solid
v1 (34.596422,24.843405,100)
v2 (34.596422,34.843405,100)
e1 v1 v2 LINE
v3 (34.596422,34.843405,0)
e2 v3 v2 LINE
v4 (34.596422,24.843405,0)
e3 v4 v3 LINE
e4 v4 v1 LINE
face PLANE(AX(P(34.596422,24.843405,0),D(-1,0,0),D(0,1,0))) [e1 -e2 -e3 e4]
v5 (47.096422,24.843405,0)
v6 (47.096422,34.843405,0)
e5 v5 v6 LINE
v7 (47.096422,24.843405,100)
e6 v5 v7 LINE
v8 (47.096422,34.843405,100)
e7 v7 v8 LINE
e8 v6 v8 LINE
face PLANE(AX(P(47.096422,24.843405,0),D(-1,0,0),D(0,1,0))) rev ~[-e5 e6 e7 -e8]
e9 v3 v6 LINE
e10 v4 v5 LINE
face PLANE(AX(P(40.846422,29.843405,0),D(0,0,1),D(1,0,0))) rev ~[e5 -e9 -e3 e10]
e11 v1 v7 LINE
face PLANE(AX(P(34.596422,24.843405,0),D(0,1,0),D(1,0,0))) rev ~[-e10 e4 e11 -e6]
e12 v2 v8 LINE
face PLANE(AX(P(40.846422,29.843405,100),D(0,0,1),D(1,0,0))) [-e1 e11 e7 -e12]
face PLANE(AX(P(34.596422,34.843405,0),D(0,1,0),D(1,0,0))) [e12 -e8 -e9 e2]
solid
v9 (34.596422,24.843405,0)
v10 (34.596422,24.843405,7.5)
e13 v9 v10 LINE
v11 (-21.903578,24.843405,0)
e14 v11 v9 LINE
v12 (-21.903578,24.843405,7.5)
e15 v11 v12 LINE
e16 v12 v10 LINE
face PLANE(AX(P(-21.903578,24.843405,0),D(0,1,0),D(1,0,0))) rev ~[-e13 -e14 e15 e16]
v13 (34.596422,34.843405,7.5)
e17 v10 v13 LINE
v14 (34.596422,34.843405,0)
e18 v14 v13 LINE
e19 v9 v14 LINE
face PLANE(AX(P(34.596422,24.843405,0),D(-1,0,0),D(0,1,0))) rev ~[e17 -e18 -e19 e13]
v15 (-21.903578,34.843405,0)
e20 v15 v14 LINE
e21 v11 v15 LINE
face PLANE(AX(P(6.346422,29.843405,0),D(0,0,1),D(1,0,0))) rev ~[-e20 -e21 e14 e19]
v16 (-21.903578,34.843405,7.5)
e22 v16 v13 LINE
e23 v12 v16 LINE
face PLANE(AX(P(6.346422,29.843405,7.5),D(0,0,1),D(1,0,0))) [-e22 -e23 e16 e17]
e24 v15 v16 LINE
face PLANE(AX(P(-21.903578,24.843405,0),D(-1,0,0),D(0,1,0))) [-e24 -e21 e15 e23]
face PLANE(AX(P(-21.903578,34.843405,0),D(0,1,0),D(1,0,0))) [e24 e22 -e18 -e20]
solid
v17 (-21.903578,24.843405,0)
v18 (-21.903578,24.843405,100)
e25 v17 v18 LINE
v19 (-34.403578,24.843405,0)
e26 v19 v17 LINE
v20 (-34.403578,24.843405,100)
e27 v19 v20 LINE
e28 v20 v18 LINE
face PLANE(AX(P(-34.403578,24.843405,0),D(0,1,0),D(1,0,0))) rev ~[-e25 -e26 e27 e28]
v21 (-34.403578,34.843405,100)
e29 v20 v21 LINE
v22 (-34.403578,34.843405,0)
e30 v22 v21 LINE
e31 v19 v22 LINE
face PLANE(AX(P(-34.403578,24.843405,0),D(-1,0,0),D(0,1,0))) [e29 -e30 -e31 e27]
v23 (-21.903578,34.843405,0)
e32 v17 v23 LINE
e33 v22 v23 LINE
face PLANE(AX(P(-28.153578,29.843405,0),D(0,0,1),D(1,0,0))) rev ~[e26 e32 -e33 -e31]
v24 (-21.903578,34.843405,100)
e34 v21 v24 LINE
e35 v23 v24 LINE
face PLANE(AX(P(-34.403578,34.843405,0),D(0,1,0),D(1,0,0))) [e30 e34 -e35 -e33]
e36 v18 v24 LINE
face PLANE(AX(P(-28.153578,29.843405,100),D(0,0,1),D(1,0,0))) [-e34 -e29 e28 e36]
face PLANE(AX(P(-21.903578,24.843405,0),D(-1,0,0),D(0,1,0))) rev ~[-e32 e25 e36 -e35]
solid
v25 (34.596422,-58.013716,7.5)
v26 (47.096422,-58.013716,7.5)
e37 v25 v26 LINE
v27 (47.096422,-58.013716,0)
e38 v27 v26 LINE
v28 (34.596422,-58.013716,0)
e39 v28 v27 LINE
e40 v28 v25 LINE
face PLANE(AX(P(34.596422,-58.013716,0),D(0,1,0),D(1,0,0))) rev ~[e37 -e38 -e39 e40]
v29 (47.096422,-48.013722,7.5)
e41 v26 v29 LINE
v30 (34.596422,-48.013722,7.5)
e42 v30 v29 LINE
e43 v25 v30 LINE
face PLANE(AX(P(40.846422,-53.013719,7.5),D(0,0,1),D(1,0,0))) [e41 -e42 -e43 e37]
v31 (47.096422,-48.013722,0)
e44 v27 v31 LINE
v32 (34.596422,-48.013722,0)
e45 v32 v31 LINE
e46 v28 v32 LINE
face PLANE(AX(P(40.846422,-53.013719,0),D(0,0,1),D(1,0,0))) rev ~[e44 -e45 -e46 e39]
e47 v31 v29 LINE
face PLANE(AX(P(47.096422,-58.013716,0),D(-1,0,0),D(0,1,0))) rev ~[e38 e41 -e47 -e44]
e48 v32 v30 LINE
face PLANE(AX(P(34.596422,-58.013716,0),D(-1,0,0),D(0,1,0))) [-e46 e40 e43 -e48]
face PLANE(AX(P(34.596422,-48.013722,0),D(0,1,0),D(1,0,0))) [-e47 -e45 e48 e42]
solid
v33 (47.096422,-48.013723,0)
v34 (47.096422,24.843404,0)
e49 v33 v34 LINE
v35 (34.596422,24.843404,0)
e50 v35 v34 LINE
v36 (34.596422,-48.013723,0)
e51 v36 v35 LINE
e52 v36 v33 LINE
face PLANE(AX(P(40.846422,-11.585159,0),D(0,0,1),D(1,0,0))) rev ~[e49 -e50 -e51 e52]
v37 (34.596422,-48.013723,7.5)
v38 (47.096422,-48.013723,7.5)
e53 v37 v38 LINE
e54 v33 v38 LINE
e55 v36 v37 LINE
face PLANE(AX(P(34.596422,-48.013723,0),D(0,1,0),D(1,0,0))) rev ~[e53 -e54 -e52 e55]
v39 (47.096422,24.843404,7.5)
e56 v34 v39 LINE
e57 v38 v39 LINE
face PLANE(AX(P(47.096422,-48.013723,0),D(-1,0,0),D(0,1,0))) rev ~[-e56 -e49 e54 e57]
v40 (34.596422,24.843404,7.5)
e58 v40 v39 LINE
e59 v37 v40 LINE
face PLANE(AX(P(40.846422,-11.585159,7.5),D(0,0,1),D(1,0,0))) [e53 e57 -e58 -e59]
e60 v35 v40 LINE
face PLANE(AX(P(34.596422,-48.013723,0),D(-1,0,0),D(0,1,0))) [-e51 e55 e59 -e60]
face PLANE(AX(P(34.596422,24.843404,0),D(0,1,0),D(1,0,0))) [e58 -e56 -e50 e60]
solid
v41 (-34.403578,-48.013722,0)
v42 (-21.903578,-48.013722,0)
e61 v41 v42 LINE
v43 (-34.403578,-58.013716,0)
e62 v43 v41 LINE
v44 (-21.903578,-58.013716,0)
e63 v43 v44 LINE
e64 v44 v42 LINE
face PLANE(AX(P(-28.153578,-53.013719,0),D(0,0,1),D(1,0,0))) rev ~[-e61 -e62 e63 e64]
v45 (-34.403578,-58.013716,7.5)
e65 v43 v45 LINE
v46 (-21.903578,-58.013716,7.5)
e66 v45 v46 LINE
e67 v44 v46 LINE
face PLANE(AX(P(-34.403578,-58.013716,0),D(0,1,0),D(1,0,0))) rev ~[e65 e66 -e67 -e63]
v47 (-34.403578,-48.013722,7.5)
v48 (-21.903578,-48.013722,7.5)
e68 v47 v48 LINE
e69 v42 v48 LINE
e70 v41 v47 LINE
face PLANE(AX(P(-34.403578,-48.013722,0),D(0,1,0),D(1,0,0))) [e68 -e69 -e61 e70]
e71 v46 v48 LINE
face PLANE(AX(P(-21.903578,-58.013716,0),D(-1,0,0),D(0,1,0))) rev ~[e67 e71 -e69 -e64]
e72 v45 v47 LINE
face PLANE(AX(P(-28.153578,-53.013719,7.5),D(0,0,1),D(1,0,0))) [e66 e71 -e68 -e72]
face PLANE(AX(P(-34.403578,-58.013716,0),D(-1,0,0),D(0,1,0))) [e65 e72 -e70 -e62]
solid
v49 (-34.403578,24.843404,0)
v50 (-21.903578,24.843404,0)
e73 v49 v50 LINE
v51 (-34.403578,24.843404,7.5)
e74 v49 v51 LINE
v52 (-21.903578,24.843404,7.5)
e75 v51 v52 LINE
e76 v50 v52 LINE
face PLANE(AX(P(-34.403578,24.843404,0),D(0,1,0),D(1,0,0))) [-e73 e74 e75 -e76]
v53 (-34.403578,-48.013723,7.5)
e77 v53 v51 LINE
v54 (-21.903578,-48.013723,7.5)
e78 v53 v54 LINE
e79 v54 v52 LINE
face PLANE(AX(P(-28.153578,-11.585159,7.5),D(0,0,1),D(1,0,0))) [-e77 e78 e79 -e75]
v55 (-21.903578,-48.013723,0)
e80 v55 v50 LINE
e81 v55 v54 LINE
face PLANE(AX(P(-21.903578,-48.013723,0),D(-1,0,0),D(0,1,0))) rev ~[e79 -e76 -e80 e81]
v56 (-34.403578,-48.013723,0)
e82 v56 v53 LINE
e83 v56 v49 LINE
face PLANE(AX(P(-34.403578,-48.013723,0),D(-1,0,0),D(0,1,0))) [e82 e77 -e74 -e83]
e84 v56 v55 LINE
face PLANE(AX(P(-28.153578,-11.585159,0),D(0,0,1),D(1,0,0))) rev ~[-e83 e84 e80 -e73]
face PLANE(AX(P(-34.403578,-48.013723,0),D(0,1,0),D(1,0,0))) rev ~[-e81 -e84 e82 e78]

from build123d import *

# Parameters (mm, degrees)
F0_W     = 12.5
F0_H     = 10
F1_DEPTH = 100
F0_H_2   = 72.857127
F0_W_2   = 56.5
F2_DEPTH = 7.5
F0_H_3   = 9.999994
F3_DEPTH = 7.5


with BuildPart() as f1:
    # F0 (on Top) → F1 (new body)
    with BuildSketch(Plane.XY):
        with Locations((-28.153578, 29.843405)):
            Rectangle(F0_W, F0_H)
        with Locations((40.846422, 29.843405)):
            Rectangle(F0_W, F0_H)
    extrude(amount=F1_DEPTH)


with BuildPart() as f2:
    # F0 (on Top) → F2 (new body)
    with BuildSketch(Plane.XY):
        with Locations((-28.153578, -11.585159)):
            Rectangle(F0_W, F0_H_2)
        with Locations((40.846422, -11.585159)):
            Rectangle(F0_W, F0_H_2)
        with Locations((6.346422, 29.843405)):
            Rectangle(F0_W_2, F0_H)
    extrude(amount=F2_DEPTH)


with BuildPart() as f3:
    # F0 (on Top) → F3 (new body)
    with BuildSketch(Plane.XY):
        with Locations((-28.153578, -53.013719)):
            Rectangle(F0_W, F0_H_3)
        with Locations((40.846422, -53.013719)):
            Rectangle(F0_W, F0_H_3)
    extrude(amount=F3_DEPTH)


solid = Compound([f1.part, f2.part, f3.part])
